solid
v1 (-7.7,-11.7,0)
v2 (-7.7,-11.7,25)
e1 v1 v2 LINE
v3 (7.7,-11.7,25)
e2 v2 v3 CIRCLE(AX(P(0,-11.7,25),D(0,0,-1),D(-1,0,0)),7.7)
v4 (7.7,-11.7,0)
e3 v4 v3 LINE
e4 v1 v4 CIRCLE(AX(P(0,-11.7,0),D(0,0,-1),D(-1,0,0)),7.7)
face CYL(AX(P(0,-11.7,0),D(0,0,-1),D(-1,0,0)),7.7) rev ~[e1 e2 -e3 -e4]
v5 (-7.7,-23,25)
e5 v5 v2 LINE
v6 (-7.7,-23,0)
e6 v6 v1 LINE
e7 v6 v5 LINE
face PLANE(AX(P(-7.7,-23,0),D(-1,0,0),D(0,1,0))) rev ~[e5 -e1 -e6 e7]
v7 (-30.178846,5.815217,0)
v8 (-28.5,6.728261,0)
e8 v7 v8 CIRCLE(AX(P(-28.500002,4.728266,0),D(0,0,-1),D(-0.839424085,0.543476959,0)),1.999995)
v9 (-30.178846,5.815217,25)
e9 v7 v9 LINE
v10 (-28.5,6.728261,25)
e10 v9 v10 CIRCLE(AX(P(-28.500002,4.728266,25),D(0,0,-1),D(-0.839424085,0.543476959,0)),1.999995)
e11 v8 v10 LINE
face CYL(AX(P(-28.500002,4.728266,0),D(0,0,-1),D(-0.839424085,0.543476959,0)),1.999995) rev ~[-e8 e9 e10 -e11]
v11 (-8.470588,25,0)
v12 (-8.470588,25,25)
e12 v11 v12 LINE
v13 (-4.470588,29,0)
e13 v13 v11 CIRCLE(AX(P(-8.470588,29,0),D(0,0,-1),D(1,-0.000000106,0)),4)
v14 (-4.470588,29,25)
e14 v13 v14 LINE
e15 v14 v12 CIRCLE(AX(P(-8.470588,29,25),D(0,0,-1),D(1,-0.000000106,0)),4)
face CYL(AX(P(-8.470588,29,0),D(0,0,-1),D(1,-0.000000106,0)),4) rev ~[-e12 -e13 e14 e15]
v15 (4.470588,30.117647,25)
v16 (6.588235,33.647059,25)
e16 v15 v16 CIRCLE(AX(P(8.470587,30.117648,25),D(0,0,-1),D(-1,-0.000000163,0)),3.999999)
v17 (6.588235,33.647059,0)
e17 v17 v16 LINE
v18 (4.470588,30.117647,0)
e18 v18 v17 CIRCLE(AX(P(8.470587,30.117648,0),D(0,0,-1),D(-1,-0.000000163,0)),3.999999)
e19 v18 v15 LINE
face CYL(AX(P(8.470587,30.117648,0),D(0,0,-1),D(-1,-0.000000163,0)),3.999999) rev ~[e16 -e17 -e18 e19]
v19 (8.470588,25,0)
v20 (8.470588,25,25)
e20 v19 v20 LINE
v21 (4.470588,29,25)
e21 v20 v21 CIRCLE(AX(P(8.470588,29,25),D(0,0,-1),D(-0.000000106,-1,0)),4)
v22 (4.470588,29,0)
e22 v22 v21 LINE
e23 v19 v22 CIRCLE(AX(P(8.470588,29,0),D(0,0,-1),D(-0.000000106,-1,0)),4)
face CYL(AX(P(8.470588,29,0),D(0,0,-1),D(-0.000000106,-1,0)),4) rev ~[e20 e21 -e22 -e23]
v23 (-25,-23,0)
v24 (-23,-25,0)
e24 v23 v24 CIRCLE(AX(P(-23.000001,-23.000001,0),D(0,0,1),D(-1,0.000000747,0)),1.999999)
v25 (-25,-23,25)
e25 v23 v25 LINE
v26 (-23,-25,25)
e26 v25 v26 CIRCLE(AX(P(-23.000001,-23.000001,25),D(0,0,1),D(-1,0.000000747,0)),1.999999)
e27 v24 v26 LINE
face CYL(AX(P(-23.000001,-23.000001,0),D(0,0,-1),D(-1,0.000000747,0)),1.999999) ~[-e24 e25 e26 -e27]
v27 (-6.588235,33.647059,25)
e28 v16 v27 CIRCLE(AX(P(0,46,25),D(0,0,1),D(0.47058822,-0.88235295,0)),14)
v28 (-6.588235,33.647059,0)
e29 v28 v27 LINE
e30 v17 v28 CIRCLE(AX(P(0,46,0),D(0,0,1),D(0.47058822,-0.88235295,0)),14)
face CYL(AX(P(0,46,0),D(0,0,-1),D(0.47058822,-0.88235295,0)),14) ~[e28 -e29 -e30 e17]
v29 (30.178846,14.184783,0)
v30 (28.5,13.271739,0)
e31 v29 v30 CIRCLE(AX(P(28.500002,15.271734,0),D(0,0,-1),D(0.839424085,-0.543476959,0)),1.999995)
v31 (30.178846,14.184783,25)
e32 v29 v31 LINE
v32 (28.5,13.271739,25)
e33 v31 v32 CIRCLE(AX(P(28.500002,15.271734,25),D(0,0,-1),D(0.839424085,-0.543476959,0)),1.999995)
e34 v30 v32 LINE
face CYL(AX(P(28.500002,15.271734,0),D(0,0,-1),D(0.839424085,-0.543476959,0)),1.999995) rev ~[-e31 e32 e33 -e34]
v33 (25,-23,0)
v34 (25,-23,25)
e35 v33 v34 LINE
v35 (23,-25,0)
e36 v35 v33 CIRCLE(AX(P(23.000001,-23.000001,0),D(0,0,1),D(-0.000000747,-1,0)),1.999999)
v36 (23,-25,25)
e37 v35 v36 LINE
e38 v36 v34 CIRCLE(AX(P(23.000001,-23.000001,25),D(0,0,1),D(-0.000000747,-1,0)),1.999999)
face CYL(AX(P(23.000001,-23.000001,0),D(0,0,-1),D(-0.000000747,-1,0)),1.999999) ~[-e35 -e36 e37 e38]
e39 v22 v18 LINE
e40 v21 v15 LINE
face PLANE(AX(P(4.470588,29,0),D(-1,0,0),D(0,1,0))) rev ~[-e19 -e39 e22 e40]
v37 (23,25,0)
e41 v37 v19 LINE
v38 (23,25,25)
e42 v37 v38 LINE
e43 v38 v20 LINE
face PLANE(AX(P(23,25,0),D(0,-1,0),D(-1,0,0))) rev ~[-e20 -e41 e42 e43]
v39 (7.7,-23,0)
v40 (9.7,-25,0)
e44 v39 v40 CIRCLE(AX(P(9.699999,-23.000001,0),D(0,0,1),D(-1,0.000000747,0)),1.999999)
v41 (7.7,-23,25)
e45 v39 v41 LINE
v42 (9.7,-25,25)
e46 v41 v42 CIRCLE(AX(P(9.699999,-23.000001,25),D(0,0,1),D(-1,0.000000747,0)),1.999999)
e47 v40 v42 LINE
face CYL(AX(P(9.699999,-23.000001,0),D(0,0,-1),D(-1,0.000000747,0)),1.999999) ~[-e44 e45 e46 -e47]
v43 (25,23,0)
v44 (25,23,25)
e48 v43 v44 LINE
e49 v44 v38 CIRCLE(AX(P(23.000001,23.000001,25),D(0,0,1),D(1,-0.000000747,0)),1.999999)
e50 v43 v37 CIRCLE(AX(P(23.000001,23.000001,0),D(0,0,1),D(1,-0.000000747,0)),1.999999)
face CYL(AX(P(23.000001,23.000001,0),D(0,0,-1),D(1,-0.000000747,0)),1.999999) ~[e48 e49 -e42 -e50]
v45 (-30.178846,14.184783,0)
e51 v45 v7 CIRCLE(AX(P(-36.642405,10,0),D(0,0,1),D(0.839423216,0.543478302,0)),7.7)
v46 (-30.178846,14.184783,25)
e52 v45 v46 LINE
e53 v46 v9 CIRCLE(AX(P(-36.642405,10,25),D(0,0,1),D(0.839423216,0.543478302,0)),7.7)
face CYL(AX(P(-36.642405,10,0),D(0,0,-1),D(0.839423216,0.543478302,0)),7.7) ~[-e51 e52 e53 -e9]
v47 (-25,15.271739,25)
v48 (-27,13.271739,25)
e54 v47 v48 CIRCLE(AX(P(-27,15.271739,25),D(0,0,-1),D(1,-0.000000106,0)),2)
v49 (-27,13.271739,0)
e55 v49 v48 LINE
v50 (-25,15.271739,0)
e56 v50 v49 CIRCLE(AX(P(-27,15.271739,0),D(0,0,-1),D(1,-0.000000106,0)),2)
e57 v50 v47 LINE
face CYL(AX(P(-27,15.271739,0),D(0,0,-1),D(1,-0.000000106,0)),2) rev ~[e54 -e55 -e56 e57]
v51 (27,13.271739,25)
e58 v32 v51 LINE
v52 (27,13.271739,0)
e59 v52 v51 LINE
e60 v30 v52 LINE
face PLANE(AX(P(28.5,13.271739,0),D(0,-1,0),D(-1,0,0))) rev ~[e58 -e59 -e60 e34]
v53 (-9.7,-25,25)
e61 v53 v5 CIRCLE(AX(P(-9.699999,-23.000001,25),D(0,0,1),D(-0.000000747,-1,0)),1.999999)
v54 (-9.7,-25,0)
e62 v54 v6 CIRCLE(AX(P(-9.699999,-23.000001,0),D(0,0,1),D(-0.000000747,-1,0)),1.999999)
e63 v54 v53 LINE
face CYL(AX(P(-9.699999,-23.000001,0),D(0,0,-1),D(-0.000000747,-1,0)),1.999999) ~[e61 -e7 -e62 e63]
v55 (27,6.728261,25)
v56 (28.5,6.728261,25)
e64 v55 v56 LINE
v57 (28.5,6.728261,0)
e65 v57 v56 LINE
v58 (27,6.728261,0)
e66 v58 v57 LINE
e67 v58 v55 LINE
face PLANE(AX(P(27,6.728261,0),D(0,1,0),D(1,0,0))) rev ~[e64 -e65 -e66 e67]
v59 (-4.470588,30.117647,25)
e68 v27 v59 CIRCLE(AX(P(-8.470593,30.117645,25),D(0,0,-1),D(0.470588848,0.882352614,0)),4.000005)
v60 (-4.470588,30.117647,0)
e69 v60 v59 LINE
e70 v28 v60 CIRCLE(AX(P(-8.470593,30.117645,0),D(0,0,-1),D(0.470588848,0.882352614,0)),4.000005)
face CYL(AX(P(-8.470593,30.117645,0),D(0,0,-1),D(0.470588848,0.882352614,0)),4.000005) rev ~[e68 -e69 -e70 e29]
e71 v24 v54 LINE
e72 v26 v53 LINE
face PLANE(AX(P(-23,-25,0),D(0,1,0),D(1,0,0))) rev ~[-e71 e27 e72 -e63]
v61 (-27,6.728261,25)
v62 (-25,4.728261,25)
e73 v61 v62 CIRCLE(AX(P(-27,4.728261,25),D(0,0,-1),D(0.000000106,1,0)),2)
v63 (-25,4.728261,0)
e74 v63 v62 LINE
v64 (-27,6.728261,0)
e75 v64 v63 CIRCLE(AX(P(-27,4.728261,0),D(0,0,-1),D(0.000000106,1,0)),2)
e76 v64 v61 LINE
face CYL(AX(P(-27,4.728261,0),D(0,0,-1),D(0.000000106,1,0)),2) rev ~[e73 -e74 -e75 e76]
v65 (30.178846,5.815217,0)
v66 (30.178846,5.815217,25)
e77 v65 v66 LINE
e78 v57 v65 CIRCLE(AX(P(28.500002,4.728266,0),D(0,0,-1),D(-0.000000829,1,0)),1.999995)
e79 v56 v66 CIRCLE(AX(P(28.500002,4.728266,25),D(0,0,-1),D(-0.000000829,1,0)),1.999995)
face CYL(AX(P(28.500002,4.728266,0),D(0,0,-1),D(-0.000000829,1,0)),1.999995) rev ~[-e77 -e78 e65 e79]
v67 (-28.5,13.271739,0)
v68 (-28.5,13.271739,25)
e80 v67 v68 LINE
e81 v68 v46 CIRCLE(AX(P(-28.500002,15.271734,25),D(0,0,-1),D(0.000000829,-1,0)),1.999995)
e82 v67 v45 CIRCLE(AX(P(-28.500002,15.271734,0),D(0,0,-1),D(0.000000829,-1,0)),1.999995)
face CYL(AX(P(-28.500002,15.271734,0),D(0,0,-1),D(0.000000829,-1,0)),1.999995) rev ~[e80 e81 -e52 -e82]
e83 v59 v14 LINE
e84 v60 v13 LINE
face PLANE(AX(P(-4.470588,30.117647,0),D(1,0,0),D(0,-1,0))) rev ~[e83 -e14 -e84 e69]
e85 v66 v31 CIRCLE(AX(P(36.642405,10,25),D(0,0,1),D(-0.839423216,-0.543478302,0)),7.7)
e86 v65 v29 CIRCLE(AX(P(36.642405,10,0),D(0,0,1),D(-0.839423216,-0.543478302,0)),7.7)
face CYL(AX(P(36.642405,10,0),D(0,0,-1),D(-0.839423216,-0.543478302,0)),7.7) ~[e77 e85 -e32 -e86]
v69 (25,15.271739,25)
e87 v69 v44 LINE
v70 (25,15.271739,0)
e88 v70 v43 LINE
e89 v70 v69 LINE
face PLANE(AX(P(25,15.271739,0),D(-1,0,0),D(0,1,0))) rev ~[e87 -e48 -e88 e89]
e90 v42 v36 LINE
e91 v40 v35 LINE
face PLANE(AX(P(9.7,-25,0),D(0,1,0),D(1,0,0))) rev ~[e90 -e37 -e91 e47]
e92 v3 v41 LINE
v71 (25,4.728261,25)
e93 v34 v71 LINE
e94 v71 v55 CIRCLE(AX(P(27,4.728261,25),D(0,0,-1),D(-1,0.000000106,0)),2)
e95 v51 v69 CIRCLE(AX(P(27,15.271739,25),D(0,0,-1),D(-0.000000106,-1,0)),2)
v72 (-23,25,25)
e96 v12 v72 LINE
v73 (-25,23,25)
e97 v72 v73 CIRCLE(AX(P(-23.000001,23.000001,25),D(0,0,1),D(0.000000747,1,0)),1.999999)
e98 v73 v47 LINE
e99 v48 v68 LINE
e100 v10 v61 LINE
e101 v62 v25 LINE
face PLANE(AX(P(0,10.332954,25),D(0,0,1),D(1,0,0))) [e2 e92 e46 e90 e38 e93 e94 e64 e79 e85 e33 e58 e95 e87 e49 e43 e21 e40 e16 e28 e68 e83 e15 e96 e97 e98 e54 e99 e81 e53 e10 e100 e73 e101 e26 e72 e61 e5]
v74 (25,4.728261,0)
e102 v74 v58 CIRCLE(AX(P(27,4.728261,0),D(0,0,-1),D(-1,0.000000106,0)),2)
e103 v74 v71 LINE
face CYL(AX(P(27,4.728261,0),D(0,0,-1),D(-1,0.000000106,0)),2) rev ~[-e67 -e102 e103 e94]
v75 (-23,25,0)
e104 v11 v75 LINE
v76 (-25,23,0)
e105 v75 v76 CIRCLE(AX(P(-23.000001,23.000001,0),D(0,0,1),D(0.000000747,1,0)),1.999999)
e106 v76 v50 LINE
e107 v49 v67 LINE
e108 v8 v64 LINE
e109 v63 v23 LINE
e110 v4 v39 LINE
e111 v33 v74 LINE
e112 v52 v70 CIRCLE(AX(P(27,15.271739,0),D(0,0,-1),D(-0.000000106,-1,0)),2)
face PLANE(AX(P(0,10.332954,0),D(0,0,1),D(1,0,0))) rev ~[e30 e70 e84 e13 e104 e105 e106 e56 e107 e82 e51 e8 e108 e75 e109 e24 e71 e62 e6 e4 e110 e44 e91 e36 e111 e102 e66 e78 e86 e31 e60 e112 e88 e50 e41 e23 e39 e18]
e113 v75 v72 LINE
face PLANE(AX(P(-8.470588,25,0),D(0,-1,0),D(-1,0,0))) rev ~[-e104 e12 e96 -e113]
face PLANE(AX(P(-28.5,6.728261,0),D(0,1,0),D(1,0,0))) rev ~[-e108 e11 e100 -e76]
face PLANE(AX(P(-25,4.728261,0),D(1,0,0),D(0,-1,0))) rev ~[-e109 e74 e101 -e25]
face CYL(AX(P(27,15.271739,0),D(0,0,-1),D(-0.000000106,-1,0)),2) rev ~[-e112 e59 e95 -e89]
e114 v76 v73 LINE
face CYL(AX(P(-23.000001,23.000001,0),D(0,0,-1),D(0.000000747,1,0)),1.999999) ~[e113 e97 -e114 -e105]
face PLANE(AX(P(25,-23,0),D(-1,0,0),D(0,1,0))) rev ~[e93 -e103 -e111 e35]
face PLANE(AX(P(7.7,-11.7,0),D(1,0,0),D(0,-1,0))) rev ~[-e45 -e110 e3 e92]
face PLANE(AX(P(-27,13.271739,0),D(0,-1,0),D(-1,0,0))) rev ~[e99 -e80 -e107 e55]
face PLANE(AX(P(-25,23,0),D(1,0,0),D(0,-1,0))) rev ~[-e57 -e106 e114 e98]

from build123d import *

# Parameters (mm, degrees)
F1_DEPTH = 25


with BuildPart() as f1:
    # F0 (on Top) → F1 (new body)
    with BuildSketch(Plane.XY):
        with BuildLine():
            ThreePointArc((-25, -23), (-24.414214, -24.414214), (-23, -25))
            Line((-23, -25), (-9.7, -25))
            ThreePointArc((-9.7, -25), (-8.285786, -24.414214), (-7.7, -23))
            Line((-7.7, -23), (-7.7, -11.7))
            ThreePointArc((-7.7, -11.7), (0, -4), (7.7, -11.7))
            Line((7.7, -11.7), (7.7, -23))
            ThreePointArc((7.7, -23), (8.285786, -24.414214), (9.7, -25))
            Line((9.7, -25), (23, -25))
            ThreePointArc((23, -25), (24.414214, -24.414214), (25, -23))
            Line((25, -23), (25, 4.728261))
            ThreePointArc((25, 4.728261), (25.585786, 6.142474), (27, 6.728261))
            Line((27, 6.728261), (28.5, 6.728261))
            ThreePointArc((28.5, 6.728261), (29.455533, 6.485235), (30.178846, 5.815217))
            ThreePointArc((30.178846, 5.815217), (44.342405, 10), (30.178846, 14.184783))
            ThreePointArc((30.178846, 14.184783), (29.455533, 13.514765), (28.5, 13.271739))
            Line((28.5, 13.271739), (27, 13.271739))
            ThreePointArc((27, 13.271739), (25.585786, 13.857526), (25, 15.271739))
            Line((25, 15.271739), (25, 23))
            ThreePointArc((25, 23), (24.414214, 24.414214), (23, 25))
            Line((23, 25), (8.470588, 25))
            ThreePointArc((8.470588, 25), (5.642161, 26.171573), (4.470588, 29))
            Line((4.470588, 29), (4.470588, 30.117647))
            ThreePointArc((4.470588, 30.117647), (5.040616, 32.17563), (6.588235, 33.647059))
            ThreePointArc((6.588235, 33.647059), (0, 60), (-6.588235, 33.647059))
            ThreePointArc((-6.588235, 33.647059), (-5.040617, 32.17563), (-4.470588, 30.117647))
            Line((-4.470588, 30.117647), (-4.470588, 29))
            ThreePointArc((-4.470588, 29), (-5.642161, 26.171573), (-8.470588, 25))
            Line((-8.470588, 25), (-23, 25))
            ThreePointArc((-23, 25), (-24.414214, 24.414214), (-25, 23))
            Line((-25, 23), (-25, 15.271739))
            ThreePointArc((-25, 15.271739), (-25.585786, 13.857526), (-27, 13.271739))
            Line((-27, 13.271739), (-28.5, 13.271739))
            ThreePointArc((-28.5, 13.271739), (-29.455533, 13.514765), (-30.178846, 14.184783))
            ThreePointArc((-30.178846, 14.184783), (-44.342405, 10), (-30.178846, 5.815217))
            ThreePointArc((-30.178846, 5.815217), (-29.455533, 6.485235), (-28.5, 6.728261))
            Line((-28.5, 6.728261), (-27, 6.728261))
            ThreePointArc((-27, 6.728261), (-25.585786, 6.142474), (-25, 4.728261))
            Line((-25, 4.728261), (-25, -23))
        make_face()
    extrude(amount=F1_DEPTH)


solid = f1.part
